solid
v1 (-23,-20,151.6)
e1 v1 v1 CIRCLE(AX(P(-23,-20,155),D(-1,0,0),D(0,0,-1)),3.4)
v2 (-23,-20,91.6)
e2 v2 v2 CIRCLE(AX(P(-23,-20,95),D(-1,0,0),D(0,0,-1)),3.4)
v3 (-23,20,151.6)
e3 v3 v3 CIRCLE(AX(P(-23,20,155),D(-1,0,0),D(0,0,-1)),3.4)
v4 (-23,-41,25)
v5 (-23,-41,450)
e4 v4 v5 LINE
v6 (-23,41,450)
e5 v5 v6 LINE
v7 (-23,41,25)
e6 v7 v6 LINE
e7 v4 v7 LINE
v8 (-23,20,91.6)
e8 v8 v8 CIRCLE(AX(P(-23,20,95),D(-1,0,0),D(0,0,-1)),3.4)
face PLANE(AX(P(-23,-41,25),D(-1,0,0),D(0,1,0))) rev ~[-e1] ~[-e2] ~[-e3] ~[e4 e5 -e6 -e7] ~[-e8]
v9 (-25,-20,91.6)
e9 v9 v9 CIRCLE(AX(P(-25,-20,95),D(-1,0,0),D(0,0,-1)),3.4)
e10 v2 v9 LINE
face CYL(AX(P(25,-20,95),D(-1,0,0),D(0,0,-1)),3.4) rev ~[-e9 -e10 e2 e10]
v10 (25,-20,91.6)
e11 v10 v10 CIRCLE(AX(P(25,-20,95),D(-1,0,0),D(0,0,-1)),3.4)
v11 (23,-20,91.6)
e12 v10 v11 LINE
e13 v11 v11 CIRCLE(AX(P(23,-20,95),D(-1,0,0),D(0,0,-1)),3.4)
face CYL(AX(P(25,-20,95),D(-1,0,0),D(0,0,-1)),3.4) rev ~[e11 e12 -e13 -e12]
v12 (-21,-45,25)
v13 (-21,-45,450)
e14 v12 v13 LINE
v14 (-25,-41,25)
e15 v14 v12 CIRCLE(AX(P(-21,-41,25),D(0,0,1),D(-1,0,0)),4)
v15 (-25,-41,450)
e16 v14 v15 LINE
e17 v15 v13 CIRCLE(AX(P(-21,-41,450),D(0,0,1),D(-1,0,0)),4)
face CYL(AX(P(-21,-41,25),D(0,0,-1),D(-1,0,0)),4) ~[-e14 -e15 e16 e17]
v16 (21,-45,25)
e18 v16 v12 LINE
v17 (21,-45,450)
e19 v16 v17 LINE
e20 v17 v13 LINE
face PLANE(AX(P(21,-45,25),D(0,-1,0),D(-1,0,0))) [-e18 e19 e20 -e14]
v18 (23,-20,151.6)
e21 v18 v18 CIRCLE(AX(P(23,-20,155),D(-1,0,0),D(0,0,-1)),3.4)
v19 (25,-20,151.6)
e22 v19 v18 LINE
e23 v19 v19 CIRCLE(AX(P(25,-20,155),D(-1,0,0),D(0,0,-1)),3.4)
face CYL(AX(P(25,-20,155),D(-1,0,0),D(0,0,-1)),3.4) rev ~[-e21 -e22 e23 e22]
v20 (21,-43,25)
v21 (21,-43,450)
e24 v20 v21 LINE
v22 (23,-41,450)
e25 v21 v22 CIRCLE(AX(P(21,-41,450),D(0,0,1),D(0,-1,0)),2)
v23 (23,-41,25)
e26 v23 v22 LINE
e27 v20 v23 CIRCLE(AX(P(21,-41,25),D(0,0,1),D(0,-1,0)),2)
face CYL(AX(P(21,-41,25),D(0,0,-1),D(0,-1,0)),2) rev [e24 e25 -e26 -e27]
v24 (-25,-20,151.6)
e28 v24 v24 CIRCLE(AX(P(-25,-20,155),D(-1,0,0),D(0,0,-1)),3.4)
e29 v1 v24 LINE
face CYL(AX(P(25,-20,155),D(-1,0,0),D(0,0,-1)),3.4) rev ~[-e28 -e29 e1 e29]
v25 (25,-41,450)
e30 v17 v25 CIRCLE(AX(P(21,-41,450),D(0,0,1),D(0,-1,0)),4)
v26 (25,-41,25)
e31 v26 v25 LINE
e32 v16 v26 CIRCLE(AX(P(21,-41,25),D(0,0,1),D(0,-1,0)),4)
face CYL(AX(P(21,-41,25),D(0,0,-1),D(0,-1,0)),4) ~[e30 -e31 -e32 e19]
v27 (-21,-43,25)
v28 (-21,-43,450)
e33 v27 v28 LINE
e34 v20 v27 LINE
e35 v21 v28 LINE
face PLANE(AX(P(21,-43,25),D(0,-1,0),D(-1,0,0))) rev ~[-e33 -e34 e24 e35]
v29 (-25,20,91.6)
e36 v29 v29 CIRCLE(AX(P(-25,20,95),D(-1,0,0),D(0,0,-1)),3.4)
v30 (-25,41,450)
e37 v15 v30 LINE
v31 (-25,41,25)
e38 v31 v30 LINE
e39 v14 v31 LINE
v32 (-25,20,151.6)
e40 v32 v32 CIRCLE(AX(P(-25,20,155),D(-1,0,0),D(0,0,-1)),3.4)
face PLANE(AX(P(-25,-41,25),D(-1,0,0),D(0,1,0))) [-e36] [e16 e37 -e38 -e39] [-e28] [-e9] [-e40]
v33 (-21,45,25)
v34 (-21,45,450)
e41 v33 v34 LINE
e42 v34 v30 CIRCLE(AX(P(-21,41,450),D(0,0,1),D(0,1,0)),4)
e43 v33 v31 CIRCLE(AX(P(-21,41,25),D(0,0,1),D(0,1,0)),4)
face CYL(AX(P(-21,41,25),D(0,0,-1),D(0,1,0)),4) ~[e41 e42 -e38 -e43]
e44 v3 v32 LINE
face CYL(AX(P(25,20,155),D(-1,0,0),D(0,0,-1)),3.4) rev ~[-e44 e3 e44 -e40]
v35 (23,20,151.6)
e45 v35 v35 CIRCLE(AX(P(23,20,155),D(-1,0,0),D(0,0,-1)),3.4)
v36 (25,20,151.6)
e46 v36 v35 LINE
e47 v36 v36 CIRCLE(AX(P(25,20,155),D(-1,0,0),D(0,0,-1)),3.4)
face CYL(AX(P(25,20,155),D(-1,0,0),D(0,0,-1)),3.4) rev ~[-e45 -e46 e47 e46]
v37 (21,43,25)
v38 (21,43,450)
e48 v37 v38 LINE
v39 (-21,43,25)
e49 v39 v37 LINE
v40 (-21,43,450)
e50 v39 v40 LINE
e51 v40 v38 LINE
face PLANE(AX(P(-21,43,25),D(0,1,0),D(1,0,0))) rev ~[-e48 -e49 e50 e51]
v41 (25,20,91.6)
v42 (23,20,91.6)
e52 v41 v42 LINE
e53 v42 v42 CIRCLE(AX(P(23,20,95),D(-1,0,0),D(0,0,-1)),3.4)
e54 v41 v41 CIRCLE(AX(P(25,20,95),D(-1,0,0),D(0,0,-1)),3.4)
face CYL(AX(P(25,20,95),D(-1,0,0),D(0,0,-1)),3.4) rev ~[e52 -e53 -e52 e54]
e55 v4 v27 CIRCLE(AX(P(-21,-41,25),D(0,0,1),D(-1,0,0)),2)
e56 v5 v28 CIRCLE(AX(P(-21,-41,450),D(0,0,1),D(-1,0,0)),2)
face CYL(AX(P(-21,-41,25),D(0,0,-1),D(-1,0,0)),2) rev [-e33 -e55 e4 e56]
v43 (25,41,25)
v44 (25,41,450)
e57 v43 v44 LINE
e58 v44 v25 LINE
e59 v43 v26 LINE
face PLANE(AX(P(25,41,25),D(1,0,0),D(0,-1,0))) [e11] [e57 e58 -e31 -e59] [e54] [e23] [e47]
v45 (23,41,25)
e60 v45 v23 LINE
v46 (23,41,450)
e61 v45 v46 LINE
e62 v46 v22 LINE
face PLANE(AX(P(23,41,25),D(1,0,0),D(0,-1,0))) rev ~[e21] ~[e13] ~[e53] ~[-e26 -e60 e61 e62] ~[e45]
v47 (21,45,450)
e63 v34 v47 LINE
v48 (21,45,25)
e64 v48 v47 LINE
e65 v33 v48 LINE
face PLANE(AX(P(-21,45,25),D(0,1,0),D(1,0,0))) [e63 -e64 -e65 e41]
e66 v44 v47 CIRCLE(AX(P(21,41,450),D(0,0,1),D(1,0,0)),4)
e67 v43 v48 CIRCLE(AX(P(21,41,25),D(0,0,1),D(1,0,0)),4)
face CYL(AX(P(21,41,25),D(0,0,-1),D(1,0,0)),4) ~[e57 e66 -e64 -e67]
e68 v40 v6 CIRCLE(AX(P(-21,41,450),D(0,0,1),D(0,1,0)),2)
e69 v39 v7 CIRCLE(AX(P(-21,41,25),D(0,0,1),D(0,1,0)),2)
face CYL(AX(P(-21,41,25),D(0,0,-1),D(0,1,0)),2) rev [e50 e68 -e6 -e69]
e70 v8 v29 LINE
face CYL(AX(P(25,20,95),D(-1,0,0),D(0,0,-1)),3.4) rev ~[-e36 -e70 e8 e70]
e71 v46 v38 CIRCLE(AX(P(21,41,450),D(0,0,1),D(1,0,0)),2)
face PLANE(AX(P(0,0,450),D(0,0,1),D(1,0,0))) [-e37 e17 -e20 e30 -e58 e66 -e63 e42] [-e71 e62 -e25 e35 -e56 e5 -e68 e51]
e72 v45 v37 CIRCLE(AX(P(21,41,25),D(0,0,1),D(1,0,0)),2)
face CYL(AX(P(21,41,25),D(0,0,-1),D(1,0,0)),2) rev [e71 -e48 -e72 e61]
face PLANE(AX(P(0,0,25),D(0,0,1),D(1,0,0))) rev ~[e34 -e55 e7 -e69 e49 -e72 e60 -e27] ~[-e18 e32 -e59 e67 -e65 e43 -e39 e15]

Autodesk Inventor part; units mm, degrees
ref_plane "Start Plane" through (0, 0, 25) normal (0, 0, 1) x (1, 0, 0)
ref_plane "End Plane" through (0, 0, 450) normal (0, 0, 1) x (1, 0, 0)
sketch "Sketch" plane through (0, 0, 0) normal (0, 0, 1) x (1, 0, 0)
  line L0 (-25, -41) -> (-25, 41)
  line L1 (-21, 45) -> (21, 45)
  line L2 (25, 41) -> (25, -41)
  line L3 (21, -45) -> (-21, -45)
  arc A0 (-25, -41) -> (-21, -45) centre (-21, -41) ccw
  arc A1 (25, 41) -> (21, 45) centre (21, 41) ccw
  arc A2 (-21, 45) -> (-25, 41) centre (-21, 41) ccw
  arc A3 (21, -45) -> (25, -41) centre (21, -41) ccw
  arc A4 (-21, 43) -> (-23, 41) centre (-21, 41) ccw
  line L4 (-21, 43) -> (21, 43)
  arc A5 (23, 41) -> (21, 43) centre (21, 41) ccw
  line L5 (23, 41) -> (23, -41)
  arc A6 (21, -43) -> (23, -41) centre (21, -41) ccw
  line L6 (21, -43) -> (-21, -43)
  arc A7 (-23, -41) -> (-21, -43) centre (-21, -41) ccw
  line L7 (-23, -41) -> (-23, 41)
  line L8 (0, 64.1598) -> (0, -64.1598) construction
  line L9 (-36.1598, 0) -> (36.1598, 0) construction
  dimension "d7" = 4
  dimension "d9" = 50
  dimension "d11" = 90
  dimension "d12" = 2
  dimension "d15" = 25
  dimension "d16" = 45
extrude "Body" add sketch "Sketch" along normal up to surface (425 mm away) from surface at 25
sketch "Sketch3" plane through (0, 0, 0) normal (0, 0, 1) x (1, 0, 0)
  line L0 (0, 0) -> (10, 0)
ref_plane "Work Plane3" through (0, 0, 0) normal (0, -1, 0) x (1, 0, 0)
sketch "Sketch4" plane through (0, 0, 0) normal (0, -1, 0) x (1, 0, 0)
  line L0 (-2, 25) -> (12, 25)
  line L1 (-2, 450) -> (12, 450)
  dimension "d18" = 425
ref_plane "Work Plane4" through (21, -20, 25) normal (0, 0, -1) x (-1, 0, 0)
split "Split1" plane through (21, -20, 25) removes the side toward (0, 0, -1)
sketch "Sketch5" plane through (25, -41, 450) normal (1, 0, 0) x (0, 0, -1)
  line L0 (425, 82) -> (425, 0) projected
  line L1 (295, 61) -> (355, 61)
  line L2 (355, 61) -> (355, 21)
  line L3 (355, 21) -> (295, 21)
  line L4 (295, 21) -> (295, 61)
  line L5 (425, 41) -> (406.5114, 41)
  point P0 (450, 41)
  dimension "d19" = 60
  dimension "d20" = 40
  dimension "d21" = 70
hole "Hole1" at (25, 20, 155) at (25, -20, 155) at (25, -20, 95) at (25, 20, 95) direction (-1, 0, 0) diameter 6.8 end through all
equation "\"d7\" = G_IR"
equation "\"d9\" = G_W"
equation "\"d11\" = G_H"
equation "\"d12\" = G_T"
equation "\"d15\" = 0.5 * d9"
equation "\"d16\" = 0.5 * d11"
equation "\"d3\" = G_L"
equation "\"G_W\" = 50"
equation "\"G_H\" = 90"
equation "\"G_T\" = 2"
equation "\"G_IR\" = 4"
equation "\"G_L\" = d18"
equation "\"G_OFFSET_START\" = -25"
equation "\"G_OFFSET_END\" = 0"
equation "\"d13\" = -G_OFFSET_START"
properties part number "ISO 10799-2 - 90x50x2 - 425" material "Steel, Mild"
